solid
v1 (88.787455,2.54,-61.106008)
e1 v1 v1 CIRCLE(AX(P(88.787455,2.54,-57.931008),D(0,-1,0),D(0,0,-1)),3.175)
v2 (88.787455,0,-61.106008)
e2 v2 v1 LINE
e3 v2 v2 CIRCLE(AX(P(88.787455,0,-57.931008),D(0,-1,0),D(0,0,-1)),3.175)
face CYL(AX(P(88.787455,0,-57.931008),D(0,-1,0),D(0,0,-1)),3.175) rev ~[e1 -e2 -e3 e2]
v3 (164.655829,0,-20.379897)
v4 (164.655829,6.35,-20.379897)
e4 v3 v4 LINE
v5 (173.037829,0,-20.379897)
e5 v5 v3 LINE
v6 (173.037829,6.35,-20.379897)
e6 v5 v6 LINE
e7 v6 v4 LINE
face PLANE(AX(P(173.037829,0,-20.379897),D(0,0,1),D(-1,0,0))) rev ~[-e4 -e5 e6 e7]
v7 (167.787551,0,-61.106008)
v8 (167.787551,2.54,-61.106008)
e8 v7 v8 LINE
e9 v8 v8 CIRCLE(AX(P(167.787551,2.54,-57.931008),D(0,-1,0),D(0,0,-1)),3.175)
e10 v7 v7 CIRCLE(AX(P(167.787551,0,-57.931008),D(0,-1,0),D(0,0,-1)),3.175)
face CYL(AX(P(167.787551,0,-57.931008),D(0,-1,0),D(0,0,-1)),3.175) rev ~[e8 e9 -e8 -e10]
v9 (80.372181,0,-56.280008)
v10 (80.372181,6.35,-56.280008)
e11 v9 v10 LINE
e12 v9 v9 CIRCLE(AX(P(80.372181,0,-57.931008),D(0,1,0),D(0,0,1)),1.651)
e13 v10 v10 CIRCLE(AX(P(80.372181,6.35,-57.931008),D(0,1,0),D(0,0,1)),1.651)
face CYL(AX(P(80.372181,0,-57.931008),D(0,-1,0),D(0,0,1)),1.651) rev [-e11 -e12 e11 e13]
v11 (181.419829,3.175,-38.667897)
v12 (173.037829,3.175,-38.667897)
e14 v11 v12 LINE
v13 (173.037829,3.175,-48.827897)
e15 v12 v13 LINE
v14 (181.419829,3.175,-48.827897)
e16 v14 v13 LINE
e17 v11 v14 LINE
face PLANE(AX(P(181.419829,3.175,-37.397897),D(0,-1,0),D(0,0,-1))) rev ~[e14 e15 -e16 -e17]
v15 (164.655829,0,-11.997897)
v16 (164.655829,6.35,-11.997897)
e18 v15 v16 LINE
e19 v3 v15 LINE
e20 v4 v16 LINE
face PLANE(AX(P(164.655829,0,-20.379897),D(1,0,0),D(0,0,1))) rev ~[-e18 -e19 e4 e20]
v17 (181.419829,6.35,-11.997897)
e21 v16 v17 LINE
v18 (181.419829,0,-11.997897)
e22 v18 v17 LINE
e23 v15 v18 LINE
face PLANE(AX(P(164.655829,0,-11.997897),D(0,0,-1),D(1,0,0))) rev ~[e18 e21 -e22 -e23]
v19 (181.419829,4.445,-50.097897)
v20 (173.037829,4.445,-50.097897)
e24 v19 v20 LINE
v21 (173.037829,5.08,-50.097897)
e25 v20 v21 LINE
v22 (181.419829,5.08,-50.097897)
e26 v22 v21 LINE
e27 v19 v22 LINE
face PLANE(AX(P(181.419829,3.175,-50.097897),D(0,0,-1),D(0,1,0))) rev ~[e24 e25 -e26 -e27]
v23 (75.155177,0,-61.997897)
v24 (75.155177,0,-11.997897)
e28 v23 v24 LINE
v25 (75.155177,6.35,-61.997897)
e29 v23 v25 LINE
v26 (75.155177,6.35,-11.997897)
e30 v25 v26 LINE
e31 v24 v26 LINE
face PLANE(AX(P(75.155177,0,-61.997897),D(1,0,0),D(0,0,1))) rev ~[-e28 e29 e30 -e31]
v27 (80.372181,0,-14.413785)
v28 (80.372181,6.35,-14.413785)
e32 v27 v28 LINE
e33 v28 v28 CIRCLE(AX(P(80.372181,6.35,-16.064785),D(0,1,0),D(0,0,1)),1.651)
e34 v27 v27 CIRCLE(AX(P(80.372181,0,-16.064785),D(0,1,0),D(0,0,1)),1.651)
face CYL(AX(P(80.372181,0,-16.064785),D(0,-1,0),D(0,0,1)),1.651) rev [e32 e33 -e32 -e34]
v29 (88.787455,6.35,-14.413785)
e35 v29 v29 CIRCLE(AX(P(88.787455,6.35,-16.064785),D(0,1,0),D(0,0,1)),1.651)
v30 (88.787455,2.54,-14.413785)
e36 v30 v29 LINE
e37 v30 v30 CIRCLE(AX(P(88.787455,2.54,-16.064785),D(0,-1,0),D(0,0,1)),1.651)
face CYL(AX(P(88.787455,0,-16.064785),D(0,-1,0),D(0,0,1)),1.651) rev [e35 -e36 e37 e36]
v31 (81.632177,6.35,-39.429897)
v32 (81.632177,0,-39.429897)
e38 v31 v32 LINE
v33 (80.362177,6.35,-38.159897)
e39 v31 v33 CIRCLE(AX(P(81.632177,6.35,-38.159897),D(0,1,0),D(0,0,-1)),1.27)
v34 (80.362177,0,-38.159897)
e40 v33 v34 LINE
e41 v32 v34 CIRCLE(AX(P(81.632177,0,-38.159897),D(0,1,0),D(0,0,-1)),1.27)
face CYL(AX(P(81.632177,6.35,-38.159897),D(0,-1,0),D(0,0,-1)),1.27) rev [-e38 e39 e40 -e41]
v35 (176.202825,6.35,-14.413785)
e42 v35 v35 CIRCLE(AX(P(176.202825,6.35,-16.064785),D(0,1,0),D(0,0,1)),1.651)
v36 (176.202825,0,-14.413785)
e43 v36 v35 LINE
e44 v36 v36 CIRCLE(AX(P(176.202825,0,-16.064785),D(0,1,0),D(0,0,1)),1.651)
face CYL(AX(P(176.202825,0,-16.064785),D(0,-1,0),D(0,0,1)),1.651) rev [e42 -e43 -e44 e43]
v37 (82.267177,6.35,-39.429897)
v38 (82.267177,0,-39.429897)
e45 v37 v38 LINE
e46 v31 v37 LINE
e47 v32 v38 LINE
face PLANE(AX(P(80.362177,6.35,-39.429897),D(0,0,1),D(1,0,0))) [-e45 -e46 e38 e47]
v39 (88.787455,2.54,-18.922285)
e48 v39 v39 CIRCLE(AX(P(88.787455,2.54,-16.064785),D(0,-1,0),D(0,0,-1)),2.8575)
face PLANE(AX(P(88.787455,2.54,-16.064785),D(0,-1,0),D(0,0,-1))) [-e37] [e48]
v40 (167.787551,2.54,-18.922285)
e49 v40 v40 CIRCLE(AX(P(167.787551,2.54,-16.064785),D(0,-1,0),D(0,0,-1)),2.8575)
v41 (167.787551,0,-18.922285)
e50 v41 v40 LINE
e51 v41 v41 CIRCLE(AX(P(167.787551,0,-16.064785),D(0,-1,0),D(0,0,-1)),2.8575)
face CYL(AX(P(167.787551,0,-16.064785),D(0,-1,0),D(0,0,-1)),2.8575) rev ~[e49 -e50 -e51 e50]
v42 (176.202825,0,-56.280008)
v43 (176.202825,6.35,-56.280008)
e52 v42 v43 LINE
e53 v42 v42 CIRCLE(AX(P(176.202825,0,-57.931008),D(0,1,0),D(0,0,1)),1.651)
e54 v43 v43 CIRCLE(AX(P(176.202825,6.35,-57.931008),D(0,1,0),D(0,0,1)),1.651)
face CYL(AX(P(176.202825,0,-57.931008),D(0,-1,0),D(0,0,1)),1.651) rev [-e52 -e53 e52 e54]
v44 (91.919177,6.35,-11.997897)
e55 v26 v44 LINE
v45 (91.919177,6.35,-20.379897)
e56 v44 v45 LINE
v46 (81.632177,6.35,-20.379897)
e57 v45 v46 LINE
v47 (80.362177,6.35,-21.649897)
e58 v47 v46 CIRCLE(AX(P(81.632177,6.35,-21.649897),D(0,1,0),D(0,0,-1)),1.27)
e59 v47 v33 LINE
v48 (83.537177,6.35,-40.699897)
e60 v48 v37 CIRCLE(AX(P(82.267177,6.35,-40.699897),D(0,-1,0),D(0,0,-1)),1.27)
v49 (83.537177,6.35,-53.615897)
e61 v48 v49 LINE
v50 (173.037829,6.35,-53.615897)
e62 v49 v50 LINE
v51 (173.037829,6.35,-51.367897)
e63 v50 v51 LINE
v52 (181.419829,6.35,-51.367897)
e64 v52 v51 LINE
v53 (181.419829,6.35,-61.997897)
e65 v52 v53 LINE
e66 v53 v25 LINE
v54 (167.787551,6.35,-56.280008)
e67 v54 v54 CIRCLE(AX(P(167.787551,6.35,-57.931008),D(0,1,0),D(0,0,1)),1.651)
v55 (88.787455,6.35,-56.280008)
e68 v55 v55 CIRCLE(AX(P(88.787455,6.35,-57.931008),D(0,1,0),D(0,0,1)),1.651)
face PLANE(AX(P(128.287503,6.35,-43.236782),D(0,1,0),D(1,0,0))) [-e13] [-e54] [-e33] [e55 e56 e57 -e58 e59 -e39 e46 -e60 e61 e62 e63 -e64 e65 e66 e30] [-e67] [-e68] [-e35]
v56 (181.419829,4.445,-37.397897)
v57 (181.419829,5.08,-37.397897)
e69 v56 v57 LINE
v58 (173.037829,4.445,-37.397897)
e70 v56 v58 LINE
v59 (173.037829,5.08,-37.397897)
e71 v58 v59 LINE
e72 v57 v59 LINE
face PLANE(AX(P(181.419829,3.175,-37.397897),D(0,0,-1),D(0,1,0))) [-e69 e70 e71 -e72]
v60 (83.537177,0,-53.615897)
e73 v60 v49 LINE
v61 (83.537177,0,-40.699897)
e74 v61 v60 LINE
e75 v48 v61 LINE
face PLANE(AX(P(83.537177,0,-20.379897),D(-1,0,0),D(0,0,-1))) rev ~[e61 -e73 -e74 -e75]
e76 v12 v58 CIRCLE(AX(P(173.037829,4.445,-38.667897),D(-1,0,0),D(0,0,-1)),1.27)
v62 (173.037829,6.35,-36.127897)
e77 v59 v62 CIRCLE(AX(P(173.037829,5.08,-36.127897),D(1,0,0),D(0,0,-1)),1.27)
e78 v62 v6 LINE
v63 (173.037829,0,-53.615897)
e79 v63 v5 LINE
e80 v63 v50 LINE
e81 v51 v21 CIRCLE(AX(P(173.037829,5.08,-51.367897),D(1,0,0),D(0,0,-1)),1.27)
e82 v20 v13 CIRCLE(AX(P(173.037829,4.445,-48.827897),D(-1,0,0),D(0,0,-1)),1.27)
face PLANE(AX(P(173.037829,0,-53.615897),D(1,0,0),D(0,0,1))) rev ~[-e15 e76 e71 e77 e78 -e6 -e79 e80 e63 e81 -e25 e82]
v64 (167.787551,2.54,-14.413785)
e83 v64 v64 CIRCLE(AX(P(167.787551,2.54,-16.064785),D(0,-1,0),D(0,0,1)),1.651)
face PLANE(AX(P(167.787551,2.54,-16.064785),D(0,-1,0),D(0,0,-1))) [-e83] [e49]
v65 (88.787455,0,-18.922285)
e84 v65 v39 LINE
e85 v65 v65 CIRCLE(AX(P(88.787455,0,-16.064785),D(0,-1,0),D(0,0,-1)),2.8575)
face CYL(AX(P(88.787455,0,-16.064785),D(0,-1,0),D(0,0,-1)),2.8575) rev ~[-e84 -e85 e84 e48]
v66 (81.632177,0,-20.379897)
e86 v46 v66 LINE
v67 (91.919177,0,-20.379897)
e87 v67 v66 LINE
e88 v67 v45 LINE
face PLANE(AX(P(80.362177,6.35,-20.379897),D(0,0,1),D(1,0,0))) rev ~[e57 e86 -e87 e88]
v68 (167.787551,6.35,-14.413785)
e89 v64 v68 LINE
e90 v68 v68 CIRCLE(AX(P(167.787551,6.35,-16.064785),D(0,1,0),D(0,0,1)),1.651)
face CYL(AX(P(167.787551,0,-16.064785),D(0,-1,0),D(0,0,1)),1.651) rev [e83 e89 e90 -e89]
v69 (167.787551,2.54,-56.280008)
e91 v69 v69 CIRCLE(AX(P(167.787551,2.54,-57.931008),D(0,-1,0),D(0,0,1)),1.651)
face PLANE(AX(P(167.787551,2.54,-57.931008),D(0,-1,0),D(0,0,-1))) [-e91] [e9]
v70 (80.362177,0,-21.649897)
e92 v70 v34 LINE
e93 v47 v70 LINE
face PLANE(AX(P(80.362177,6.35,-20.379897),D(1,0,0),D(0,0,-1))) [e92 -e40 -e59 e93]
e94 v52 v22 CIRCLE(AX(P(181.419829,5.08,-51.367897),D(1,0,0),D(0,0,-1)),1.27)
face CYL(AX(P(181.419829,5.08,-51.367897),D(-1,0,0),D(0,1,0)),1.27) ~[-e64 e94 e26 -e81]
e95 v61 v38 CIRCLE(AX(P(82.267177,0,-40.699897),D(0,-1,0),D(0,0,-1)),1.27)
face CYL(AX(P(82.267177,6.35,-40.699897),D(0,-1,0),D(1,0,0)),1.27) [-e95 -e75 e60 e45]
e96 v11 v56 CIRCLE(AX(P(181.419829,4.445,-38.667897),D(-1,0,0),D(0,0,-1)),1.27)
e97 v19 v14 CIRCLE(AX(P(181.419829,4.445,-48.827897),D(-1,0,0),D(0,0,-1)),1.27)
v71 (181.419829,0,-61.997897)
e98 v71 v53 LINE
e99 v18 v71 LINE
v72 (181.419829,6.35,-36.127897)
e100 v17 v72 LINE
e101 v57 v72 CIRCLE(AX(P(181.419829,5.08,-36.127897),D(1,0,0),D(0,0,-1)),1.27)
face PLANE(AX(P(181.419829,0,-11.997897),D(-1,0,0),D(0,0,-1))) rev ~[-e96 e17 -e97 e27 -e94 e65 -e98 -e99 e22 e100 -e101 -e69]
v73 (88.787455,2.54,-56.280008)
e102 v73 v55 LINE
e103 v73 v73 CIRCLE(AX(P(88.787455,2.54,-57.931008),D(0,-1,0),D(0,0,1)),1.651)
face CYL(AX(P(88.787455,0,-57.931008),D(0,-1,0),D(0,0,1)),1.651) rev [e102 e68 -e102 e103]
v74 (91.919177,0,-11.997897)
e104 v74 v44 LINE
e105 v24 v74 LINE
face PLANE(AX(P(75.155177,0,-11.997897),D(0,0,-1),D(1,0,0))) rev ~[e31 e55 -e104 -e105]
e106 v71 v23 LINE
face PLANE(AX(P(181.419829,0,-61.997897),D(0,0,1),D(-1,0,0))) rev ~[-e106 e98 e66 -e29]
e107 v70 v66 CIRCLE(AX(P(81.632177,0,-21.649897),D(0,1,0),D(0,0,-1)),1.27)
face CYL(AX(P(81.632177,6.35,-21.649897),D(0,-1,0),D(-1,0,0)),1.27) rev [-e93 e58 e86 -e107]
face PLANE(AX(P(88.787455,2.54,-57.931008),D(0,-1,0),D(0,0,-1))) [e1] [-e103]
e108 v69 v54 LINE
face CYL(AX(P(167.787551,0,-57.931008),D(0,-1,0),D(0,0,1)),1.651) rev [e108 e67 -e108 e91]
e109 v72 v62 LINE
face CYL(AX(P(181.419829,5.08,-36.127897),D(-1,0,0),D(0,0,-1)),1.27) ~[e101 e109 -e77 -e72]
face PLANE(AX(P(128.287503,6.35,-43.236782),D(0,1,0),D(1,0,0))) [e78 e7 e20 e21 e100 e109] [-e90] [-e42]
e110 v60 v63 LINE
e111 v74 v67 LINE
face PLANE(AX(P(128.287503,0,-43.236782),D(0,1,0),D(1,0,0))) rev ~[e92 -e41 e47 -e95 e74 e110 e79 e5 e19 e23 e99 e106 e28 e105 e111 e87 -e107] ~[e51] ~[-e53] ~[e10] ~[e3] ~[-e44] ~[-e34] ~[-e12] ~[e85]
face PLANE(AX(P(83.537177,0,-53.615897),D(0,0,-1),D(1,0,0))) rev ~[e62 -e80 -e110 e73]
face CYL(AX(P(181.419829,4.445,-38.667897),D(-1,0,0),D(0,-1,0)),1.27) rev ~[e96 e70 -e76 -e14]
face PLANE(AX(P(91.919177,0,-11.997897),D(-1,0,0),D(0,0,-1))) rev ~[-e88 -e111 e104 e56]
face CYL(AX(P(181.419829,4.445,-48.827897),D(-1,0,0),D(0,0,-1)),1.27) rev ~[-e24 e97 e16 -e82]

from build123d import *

# Parameters (mm, degrees)
SKETCH1_R           = 1.651
BOSS_EXTRUDE1_DEPTH = 6.35
SKETCH2_W           = 12.7
SKETCH2_H           = 3.175
CUT_EXTRUDE7_DEPTH  = 8.89
FILLET2_R           = 1.27
SKETCH4_W           = 3.175
SKETCH4_H           = 19.05
CUT_EXTRUDE8_DEPTH  = 192.82600491
FILLET3_R           = 1.27
SKETCH5_R           = 2.8575
SKETCH5_R_2         = 3.175
CUT_EXTRUDE9_DEPTH  = 2.54


with BuildPart() as part:
    # Sketch1 → Boss-Extrude1 (new body)
    with BuildSketch(Plane(origin=(0, 0, 0), x_dir=(1, 0, 0), z_dir=(0, 1, 0))):
        Polygon((75.155177047, 61.997896552), (75.155177047, 11.997896552), (91.919177047, 11.997896552), (91.919177047, 20.379896552), (83.537177047, 20.379896552), (83.537177047, 53.615896552), (173.037829354, 53.615896552), (173.037829354, 20.379896552), (164.655829354, 20.379896552), (164.655829354, 11.997896552), (181.419829354, 11.997896552), (181.419829354, 61.997896552), align=None)
        with Locations(Location((80.3721812, 16.064784874, 0), (0, 0, 270))):
            Circle(SKETCH1_R, mode=Mode.SUBTRACT)
        with Locations(Location((80.3721812, 57.93100823, 0), (0, 0, 270))):
            Circle(SKETCH1_R, mode=Mode.SUBTRACT)
        with Locations(Location((88.7874552, 16.064784874, 0), (0, 0, 270))):
            Circle(SKETCH1_R, mode=Mode.SUBTRACT)
        with Locations(Location((167.7875512, 57.93100823, 0), (0, 0, 270))):
            Circle(SKETCH1_R, mode=Mode.SUBTRACT)
        with Locations(Location((88.7874552, 57.93100823, 0), (0, 0, 270))):
            Circle(SKETCH1_R, mode=Mode.SUBTRACT)
        with Locations(Location((176.2028252, 57.93100823, 0), (0, 0, 270))):
            Circle(SKETCH1_R, mode=Mode.SUBTRACT)
        with Locations(Location((176.2028252, 16.064784874, 0), (0, 0, 270))):
            Circle(SKETCH1_R, mode=Mode.SUBTRACT)
        with Locations(Location((167.7875512, 16.064784874, 0), (0, 0, 270))):
            Circle(SKETCH1_R, mode=Mode.SUBTRACT)
    extrude(amount=BOSS_EXTRUDE1_DEPTH)

    # Sketch2 → Cut-Extrude7 (cut)
    with BuildSketch(Plane(origin=(181.419829354, 0, 0), x_dir=(0, 0, -1), z_dir=(1, 0, 0))):
        with Locations((43.747896552, 4.7625)):
            Rectangle(SKETCH2_W, SKETCH2_H)
    extrude(amount=-CUT_EXTRUDE7_DEPTH, mode=Mode.SUBTRACT)

    # Fillet2
    fillet2_edges = [part.edges().sort_by_distance(p)[0] for p in [
        (177.228829354, 6.35, -37.397896552),
        (177.228829354, 6.35, -50.097896552),
        (177.228829354, 3.175, -50.097896552),
        (177.228829354, 3.175, -37.397896552),
    ]]
    fillet(fillet2_edges, radius=FILLET2_R)

    # Sketch4 → Cut-Extrude8 (cut, through all)
    with BuildSketch(Plane(origin=(0, 6.35, 0), x_dir=(1, 0, 0), z_dir=(0, 1, 0))):
        with Locations((81.949677047, 29.904896552)):
            Rectangle(SKETCH4_W, SKETCH4_H)
    extrude(amount=-CUT_EXTRUDE8_DEPTH, mode=Mode.SUBTRACT)

    # Fillet3
    fillet3_edges = [part.edges().sort_by_distance(p)[0] for p in [
        (83.537177047, 3.175, -39.429896552),
        (80.362177047, 3.175, -20.379896552),
        (80.362177047, 3.175, -39.429896552),
    ]]
    fillet(fillet3_edges, radius=FILLET3_R)

    # Sketch5 → Cut-Extrude9 (cut)
    with BuildSketch(Plane.XZ):
        with Locations(Location((88.7874552, -16.064784874, 0), (0, 0, 270))):
            Circle(SKETCH5_R)
        with Locations(Location((88.7874552, -57.93100823, 0), (0, 0, 270))):
            Circle(SKETCH5_R_2)
        with Locations(Location((167.7875512, -57.93100823, 0), (0, 0, 270))):
            Circle(SKETCH5_R_2)
        with Locations(Location((167.7875512, -16.064784874, 0), (0, 0, 270))):
            Circle(SKETCH5_R)
    extrude(amount=-CUT_EXTRUDE9_DEPTH, mode=Mode.SUBTRACT)


solid = part.part
